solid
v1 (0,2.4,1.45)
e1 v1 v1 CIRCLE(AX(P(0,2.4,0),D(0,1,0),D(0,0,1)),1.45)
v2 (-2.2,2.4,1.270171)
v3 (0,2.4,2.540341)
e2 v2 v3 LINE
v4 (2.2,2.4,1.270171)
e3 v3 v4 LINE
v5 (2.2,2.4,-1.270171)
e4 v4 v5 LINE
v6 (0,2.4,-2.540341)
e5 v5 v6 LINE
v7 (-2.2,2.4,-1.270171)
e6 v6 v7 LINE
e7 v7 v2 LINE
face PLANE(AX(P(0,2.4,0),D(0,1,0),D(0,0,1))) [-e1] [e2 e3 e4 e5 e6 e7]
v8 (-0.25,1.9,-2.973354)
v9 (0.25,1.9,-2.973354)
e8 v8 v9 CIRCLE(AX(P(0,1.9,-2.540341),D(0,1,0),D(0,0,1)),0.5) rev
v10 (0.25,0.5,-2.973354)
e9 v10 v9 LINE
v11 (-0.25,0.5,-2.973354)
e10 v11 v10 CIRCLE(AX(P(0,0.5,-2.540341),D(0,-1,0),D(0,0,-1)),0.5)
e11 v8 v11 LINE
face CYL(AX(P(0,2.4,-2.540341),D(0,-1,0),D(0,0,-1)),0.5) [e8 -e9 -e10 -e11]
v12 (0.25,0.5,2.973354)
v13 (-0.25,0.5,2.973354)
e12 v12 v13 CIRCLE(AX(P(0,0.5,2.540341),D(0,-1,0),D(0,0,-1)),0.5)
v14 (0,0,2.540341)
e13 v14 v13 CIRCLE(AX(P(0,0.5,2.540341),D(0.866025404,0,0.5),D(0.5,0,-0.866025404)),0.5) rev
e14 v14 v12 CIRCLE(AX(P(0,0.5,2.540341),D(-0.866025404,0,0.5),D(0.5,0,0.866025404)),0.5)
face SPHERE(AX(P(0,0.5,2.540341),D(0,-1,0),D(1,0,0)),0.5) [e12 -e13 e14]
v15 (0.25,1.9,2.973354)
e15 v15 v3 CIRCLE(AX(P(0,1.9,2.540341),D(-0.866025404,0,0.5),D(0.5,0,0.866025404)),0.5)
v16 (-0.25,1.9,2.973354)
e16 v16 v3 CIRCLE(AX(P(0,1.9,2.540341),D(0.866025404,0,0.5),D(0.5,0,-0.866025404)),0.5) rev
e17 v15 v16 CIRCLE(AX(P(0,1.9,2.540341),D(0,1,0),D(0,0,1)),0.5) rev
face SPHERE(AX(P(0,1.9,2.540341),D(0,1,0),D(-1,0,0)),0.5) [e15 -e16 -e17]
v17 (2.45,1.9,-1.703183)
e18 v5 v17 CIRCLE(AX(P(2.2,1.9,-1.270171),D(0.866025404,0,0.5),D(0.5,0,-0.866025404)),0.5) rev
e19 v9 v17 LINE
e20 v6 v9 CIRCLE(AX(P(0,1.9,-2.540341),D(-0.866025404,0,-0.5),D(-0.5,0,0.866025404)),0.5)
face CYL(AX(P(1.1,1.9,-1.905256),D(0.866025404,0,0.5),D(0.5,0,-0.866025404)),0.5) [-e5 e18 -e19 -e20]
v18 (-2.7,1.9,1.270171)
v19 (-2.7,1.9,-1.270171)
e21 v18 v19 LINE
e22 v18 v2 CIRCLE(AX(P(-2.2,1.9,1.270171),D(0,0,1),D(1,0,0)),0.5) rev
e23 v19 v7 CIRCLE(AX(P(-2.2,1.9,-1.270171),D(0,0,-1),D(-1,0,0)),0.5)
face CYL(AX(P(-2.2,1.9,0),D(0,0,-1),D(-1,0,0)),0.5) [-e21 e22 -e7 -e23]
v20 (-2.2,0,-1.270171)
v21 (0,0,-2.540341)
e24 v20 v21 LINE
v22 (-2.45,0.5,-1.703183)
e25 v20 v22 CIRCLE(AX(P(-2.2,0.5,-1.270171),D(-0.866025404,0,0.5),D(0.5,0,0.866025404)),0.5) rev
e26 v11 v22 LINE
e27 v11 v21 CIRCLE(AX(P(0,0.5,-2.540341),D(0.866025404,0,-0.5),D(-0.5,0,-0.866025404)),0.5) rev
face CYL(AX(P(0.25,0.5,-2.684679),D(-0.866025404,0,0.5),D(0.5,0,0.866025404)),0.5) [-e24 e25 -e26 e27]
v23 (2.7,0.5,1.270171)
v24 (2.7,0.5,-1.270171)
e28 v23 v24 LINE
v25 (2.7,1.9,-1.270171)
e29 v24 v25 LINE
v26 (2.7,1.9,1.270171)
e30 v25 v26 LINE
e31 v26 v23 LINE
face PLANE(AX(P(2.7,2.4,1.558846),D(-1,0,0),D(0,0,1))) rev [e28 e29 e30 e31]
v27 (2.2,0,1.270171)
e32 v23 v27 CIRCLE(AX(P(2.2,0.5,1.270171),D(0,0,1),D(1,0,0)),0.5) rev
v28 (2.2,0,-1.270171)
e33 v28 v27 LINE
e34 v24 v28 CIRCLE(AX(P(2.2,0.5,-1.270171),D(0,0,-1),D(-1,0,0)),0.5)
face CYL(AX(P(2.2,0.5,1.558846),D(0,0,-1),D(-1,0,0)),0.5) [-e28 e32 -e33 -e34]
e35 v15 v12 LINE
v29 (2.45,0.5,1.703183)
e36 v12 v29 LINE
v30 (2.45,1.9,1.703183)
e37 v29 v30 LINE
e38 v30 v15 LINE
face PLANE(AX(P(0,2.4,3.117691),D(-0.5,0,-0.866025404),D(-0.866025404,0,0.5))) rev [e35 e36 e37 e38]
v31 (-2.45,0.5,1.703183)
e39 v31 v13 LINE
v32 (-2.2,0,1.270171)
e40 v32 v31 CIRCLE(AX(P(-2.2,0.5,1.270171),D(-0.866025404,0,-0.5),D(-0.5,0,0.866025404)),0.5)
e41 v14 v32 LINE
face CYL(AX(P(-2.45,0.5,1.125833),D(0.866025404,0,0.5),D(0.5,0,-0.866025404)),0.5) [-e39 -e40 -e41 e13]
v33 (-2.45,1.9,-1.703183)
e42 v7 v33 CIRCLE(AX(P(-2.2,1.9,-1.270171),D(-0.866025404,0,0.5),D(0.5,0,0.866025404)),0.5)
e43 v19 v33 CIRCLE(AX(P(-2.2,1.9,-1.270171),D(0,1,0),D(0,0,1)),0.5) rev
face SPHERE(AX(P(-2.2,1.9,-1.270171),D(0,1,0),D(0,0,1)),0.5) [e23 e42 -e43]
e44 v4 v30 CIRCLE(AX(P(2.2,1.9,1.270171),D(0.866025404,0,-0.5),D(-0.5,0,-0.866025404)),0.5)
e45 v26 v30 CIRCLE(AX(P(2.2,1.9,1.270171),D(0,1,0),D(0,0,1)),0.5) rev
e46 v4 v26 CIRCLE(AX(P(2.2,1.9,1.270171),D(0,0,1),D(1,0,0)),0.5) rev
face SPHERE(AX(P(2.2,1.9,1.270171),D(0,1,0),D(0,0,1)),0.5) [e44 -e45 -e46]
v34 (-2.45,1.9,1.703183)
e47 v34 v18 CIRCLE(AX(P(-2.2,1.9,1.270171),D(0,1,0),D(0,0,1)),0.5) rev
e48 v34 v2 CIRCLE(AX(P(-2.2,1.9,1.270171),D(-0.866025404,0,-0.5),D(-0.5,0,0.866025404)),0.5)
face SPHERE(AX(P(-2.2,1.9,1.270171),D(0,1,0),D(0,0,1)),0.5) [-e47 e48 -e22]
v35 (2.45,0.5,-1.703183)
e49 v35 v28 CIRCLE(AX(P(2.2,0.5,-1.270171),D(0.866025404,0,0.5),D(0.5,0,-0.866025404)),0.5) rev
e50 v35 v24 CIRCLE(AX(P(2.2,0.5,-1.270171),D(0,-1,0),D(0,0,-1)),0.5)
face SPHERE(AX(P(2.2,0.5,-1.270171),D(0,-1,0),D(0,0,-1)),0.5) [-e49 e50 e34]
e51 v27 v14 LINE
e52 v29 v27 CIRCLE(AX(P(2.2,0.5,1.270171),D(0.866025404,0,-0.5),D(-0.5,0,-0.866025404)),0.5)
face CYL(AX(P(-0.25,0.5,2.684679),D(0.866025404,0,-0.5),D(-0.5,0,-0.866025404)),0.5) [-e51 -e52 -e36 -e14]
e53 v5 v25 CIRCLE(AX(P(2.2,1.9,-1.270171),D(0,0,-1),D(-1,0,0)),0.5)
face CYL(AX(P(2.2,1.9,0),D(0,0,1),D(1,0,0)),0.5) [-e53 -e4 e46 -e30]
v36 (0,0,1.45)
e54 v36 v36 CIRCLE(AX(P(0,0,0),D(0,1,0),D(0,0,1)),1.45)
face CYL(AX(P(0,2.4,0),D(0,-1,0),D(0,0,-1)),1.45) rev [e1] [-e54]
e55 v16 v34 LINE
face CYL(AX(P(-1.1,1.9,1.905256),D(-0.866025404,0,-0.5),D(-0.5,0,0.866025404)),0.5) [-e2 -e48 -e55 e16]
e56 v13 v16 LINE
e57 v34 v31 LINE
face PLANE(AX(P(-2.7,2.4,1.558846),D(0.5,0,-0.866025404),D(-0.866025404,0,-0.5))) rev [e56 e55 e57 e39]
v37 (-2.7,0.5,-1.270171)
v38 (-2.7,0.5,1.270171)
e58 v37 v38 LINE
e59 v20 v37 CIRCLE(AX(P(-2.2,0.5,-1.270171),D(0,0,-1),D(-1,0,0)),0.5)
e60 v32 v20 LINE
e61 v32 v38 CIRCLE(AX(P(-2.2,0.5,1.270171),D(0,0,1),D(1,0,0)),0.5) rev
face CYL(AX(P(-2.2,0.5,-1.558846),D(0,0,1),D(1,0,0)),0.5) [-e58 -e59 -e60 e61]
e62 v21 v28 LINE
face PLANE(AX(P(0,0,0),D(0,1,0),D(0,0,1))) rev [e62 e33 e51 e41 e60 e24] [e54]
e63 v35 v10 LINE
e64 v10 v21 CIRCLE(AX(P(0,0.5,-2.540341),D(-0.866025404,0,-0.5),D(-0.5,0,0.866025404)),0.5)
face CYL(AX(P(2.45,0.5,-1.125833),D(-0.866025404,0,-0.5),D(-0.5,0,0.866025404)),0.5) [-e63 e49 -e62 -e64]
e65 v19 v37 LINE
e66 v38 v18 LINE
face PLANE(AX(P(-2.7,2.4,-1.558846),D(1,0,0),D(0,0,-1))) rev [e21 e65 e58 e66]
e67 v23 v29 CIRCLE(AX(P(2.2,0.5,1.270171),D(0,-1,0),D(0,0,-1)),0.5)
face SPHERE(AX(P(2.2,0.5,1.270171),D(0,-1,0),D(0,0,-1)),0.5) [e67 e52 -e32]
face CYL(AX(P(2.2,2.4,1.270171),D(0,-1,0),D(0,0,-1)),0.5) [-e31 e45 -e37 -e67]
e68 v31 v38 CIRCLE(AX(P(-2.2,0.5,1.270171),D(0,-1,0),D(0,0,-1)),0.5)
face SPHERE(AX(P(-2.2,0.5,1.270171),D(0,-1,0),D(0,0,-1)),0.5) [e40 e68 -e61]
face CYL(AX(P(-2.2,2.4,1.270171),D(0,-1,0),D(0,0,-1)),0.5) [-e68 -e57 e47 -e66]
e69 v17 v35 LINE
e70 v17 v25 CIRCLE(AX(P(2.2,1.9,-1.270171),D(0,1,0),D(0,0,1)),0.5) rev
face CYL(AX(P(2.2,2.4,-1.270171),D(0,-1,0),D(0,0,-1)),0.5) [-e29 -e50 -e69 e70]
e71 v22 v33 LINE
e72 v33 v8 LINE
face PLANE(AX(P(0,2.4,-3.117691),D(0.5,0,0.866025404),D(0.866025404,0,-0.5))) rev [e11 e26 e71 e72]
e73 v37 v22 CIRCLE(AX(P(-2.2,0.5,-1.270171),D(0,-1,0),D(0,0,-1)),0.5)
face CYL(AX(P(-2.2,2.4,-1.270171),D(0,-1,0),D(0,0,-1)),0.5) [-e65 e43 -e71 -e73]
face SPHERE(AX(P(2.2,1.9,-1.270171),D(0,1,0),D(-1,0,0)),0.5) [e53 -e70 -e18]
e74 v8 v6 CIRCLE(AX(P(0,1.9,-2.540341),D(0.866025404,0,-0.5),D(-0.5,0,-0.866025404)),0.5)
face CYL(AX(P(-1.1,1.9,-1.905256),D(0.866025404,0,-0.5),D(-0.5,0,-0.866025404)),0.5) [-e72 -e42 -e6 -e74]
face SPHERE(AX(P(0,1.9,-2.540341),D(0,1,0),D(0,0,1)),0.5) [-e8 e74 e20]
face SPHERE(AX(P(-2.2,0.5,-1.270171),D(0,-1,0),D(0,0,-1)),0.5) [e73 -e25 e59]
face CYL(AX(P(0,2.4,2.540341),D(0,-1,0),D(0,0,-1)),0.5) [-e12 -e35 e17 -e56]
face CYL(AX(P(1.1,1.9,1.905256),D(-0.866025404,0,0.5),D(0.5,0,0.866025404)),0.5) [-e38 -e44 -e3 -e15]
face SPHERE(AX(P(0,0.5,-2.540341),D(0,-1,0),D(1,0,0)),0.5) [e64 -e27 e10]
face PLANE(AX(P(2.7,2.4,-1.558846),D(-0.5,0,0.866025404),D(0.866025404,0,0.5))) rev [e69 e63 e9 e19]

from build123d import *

# Parameters (mm, degrees)
SKETCH1_R           = 1.45
BOSS_EXTRUDE1_DEPTH = 2.4
FILLET1_R           = 0.5


with BuildPart() as part:
    # Sketch1 → Boss-Extrude1 (new body)
    with BuildSketch(Plane(origin=(0, 0, 0), x_dir=(1, 0, 0), z_dir=(0, 1, 0))):
        Polygon((0, 3.117691454), (-2.7, 1.558845727), (-2.7, -1.558845727), (0, -3.117691454), (2.7, -1.558845727), (2.7, 1.558845727), align=None)
        Circle(SKETCH1_R, mode=Mode.SUBTRACT)
    extrude(amount=BOSS_EXTRUDE1_DEPTH)

    # Fillet1
    fillet1_edges = [part.edges().sort_by_distance(p)[0] for p in [
        (2.7, 1.2, -1.558845727),
        (2.7, 1.2, 1.558845727),
        (0, 1.2, 3.117691454),
        (-2.7, 1.2, 1.558845727),
        (-2.7, 1.2, -1.558845727),
        (0, 1.2, -3.117691454),
        (-2.7, 2.4, 0),
        (-1.35, 2.4, 2.33826859),
        (1.35, 2.4, 2.33826859),
        (2.7, 2.4, 0),
        (1.35, 2.4, -2.33826859),
        (2.7, 0, 0),
        (1.35, 0, 2.33826859),
        (-1.35, 0, 2.33826859),
        (-2.7, 0, 0),
        (-1.35, 0, -2.33826859),
        (1.35, 0, -2.33826859),
        (-1.35, 2.4, -2.33826859),
    ]]
    fillet(fillet1_edges, radius=FILLET1_R)


solid = part.part
